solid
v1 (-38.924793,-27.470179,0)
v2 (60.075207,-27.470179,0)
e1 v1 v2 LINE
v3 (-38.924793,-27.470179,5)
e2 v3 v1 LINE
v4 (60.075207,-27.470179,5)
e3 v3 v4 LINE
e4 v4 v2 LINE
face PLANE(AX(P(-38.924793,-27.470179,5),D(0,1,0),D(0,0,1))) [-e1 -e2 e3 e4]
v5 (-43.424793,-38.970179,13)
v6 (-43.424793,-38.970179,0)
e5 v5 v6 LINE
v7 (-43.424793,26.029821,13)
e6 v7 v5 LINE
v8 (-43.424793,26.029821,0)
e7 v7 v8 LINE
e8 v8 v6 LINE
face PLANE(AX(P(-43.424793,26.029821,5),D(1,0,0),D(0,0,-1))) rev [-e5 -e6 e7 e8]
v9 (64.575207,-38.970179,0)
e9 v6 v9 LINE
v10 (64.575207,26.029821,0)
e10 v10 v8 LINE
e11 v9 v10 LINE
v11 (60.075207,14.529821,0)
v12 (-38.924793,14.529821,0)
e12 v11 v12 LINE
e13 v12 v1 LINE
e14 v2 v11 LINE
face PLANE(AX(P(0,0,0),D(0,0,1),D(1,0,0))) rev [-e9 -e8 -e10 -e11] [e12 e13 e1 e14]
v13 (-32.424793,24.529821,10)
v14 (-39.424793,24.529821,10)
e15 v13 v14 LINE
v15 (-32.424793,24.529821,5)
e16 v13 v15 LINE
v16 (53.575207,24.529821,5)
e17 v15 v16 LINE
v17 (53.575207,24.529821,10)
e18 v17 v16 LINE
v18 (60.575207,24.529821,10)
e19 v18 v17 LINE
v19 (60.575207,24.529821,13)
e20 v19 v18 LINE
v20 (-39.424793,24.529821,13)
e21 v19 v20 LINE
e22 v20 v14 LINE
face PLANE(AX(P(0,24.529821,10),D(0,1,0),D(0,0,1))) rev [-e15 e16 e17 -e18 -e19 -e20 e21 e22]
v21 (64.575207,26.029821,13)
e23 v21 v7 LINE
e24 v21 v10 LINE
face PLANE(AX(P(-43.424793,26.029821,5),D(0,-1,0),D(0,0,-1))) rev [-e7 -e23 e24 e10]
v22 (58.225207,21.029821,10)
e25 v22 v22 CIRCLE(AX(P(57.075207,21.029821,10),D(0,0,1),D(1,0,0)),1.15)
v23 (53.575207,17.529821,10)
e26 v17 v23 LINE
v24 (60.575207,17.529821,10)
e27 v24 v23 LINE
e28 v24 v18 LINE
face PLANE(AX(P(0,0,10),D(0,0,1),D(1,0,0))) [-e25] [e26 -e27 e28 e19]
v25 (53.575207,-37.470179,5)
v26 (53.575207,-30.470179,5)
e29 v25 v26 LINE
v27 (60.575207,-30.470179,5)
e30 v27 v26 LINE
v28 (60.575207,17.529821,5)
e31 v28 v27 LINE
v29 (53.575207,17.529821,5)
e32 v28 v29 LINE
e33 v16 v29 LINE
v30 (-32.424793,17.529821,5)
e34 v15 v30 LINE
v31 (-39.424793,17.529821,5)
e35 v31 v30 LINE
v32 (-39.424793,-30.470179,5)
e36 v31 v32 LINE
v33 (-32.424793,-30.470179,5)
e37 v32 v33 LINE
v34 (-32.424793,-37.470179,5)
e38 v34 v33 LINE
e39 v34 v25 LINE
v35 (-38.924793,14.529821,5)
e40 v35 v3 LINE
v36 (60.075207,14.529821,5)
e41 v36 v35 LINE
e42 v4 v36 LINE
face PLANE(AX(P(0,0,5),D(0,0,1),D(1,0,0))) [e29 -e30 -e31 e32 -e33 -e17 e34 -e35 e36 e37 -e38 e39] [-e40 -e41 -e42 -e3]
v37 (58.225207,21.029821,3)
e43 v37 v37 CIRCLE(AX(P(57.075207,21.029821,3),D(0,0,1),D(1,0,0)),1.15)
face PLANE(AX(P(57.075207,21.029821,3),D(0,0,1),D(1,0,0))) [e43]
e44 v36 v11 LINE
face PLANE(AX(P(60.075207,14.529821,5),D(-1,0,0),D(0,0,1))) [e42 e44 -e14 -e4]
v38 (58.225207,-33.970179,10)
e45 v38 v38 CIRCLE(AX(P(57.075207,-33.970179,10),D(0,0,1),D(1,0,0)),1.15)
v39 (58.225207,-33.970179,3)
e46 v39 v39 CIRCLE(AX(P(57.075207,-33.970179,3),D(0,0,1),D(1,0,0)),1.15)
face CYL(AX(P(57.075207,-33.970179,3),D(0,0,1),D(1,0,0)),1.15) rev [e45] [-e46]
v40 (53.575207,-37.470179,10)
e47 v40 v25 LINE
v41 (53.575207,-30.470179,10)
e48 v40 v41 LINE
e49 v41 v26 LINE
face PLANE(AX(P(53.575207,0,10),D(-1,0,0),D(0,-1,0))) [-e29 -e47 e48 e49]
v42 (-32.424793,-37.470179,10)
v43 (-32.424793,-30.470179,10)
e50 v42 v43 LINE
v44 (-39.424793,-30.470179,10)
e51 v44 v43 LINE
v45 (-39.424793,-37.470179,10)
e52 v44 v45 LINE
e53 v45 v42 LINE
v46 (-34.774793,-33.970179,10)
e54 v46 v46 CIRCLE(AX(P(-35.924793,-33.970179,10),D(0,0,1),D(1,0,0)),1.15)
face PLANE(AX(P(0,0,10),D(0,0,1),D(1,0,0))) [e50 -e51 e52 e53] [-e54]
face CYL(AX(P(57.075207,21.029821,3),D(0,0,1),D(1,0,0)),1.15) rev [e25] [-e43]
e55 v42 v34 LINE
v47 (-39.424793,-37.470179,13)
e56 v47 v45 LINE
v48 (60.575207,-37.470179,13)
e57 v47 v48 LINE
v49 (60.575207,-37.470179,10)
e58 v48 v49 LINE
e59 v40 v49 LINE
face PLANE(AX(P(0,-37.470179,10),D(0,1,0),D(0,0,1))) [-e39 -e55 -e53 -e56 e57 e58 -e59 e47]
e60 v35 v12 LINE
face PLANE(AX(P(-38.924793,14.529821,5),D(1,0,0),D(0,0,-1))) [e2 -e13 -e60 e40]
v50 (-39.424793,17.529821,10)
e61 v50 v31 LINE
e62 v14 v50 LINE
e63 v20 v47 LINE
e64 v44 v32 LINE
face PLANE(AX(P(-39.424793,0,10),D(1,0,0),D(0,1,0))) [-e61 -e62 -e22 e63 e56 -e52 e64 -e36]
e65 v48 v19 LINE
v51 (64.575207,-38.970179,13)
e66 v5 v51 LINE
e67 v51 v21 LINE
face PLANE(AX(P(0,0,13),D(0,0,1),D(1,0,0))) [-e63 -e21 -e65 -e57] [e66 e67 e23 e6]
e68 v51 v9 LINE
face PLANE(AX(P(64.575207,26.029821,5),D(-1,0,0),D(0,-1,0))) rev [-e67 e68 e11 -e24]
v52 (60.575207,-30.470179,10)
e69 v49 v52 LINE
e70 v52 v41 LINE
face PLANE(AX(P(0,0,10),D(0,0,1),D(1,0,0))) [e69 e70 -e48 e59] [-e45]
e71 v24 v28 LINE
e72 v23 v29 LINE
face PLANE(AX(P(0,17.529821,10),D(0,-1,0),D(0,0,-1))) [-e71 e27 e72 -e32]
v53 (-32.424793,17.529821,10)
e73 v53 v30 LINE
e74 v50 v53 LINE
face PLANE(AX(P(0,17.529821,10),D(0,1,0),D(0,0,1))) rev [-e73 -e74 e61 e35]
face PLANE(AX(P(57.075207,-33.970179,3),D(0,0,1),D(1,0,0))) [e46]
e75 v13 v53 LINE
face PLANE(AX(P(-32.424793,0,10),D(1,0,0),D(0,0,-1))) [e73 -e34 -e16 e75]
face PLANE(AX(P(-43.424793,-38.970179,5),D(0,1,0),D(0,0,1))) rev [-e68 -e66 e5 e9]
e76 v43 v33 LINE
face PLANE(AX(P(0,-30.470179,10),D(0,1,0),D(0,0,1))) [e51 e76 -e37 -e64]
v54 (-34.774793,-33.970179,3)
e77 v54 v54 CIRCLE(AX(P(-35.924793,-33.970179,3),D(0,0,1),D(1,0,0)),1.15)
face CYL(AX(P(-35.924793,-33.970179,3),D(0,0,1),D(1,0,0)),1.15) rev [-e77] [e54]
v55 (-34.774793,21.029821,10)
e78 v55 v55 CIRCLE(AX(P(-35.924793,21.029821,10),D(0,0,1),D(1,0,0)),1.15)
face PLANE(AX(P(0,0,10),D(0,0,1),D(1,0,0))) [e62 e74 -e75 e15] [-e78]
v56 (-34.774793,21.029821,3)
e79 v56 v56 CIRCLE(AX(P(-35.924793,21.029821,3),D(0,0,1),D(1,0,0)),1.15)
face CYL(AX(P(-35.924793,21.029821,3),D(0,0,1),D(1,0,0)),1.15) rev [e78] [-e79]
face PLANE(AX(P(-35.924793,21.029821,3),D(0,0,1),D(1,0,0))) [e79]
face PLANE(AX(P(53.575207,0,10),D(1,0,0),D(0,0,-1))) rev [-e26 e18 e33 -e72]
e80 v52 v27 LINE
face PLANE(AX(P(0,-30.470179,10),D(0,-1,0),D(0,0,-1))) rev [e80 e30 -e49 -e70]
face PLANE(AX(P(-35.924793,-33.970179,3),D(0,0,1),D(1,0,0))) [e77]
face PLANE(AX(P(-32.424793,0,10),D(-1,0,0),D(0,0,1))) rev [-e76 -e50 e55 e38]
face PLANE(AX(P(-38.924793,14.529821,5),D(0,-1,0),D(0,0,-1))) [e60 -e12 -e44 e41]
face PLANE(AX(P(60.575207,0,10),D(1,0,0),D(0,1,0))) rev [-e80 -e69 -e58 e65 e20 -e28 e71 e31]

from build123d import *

# Parameters (mm, degrees)
SKETCH_1_W          = 108
SKETCH_1_H          = 65
SKETCH_1_W_2        = 99
SKETCH_1_H_2        = 42
EXTRUDE_1_DEPTH     = 5
SKETCH_2_W          = 108
SKETCH_2_H          = 65
SKETCH_2_W_2        = 100
SKETCH_2_H_2        = 62
SKETCH_2_W_3        = 7
SKETCH_2_H_3        = 7
EXTRUDE_2_DEPTH     = 5
SKETCH_3_W          = 108
SKETCH_3_H          = 65
EXTRUDE_4_DEPTH     = 3
SKETCH_4_R          = 1.15
CUT_EXTRUDE_1_DEPTH = 7


with BuildPart() as part:
    # 草圖1 → 填料-伸長1 (new body)
    with BuildSketch(Plane.XY):
        with Locations((10.575206568, -6.470178926)):
            Rectangle(SKETCH_1_W, SKETCH_1_H)
        with Locations((10.575206568, -6.470178926)):
            Rectangle(SKETCH_1_W_2, SKETCH_1_H_2, mode=Mode.SUBTRACT)
    extrude(amount=EXTRUDE_1_DEPTH)

    # 草圖2 → 填料-伸長2 (add)
    # profile 1 of 5: a face of its own
    with BuildSketch(Plane.XY.offset(5)):
        with Locations((10.575206568, -6.470178926)):
            Rectangle(SKETCH_2_W, SKETCH_2_H)
        with Locations((10.575206568, -6.470178926)):
            Rectangle(SKETCH_2_W_2, SKETCH_2_H_2, mode=Mode.SUBTRACT)
    # profile 2 of 5: a face of its own
    with BuildSketch(Plane.XY.offset(5)):
        with Locations((-35.924793432, 21.029821074)):
            Rectangle(SKETCH_2_W_3, SKETCH_2_H_3)
    # profile 3 of 5: a face of its own
    with BuildSketch(Plane.XY.offset(5)):
        with Locations((57.075206568, 21.029821074)):
            Rectangle(SKETCH_2_W_3, SKETCH_2_H_3)
    # profile 4 of 5: a face of its own
    with BuildSketch(Plane.XY.offset(5)):
        with Locations((57.075206568, -33.970178926)):
            Rectangle(SKETCH_2_W_3, SKETCH_2_H_3)
    # profile 5 of 5: a face of its own
    with BuildSketch(Plane.XY.offset(5)):
        with Locations((-35.924793432, -33.970178926)):
            Rectangle(SKETCH_2_W_3, SKETCH_2_H_3)
    extrude(amount=EXTRUDE_2_DEPTH)

    # 草圖3 → 填料-伸長4 (add)
    with BuildSketch(Plane.XY.offset(10)):
        with Locations((10.575206568, -6.470178926)):
            Rectangle(SKETCH_3_W, SKETCH_3_H)
        Polygon((-39.424793432, -37.470178926), (-32.424793432, -37.470178926), (53.575206568, -37.470178926), (60.575206568, -37.470178926), (60.575206568, -30.470178926), (60.575206568, 17.529821074), (60.575206568, 24.529821074), (53.575206568, 24.529821074), (-32.424793432, 24.529821074), (-39.424793432, 24.529821074), (-39.424793432, 17.529821074), (-39.424793432, -30.470178926), align=None, mode=Mode.SUBTRACT)
    extrude(amount=EXTRUDE_4_DEPTH)

    # 草圖4 → 除料-伸長1 (cut)
    with BuildSketch(Plane.XY.offset(10)):
        with Locations((-35.924793432, 21.029821074)):
            Circle(SKETCH_4_R)
        with Locations((57.075206568, 21.029821074)):
            Circle(SKETCH_4_R)
        with Locations((57.075206568, -33.970178926)):
            Circle(SKETCH_4_R)
        with Locations((-35.924793432, -33.970178926)):
            Circle(SKETCH_4_R)
    extrude(amount=-CUT_EXTRUDE_1_DEPTH, mode=Mode.SUBTRACT)


solid = part.part
